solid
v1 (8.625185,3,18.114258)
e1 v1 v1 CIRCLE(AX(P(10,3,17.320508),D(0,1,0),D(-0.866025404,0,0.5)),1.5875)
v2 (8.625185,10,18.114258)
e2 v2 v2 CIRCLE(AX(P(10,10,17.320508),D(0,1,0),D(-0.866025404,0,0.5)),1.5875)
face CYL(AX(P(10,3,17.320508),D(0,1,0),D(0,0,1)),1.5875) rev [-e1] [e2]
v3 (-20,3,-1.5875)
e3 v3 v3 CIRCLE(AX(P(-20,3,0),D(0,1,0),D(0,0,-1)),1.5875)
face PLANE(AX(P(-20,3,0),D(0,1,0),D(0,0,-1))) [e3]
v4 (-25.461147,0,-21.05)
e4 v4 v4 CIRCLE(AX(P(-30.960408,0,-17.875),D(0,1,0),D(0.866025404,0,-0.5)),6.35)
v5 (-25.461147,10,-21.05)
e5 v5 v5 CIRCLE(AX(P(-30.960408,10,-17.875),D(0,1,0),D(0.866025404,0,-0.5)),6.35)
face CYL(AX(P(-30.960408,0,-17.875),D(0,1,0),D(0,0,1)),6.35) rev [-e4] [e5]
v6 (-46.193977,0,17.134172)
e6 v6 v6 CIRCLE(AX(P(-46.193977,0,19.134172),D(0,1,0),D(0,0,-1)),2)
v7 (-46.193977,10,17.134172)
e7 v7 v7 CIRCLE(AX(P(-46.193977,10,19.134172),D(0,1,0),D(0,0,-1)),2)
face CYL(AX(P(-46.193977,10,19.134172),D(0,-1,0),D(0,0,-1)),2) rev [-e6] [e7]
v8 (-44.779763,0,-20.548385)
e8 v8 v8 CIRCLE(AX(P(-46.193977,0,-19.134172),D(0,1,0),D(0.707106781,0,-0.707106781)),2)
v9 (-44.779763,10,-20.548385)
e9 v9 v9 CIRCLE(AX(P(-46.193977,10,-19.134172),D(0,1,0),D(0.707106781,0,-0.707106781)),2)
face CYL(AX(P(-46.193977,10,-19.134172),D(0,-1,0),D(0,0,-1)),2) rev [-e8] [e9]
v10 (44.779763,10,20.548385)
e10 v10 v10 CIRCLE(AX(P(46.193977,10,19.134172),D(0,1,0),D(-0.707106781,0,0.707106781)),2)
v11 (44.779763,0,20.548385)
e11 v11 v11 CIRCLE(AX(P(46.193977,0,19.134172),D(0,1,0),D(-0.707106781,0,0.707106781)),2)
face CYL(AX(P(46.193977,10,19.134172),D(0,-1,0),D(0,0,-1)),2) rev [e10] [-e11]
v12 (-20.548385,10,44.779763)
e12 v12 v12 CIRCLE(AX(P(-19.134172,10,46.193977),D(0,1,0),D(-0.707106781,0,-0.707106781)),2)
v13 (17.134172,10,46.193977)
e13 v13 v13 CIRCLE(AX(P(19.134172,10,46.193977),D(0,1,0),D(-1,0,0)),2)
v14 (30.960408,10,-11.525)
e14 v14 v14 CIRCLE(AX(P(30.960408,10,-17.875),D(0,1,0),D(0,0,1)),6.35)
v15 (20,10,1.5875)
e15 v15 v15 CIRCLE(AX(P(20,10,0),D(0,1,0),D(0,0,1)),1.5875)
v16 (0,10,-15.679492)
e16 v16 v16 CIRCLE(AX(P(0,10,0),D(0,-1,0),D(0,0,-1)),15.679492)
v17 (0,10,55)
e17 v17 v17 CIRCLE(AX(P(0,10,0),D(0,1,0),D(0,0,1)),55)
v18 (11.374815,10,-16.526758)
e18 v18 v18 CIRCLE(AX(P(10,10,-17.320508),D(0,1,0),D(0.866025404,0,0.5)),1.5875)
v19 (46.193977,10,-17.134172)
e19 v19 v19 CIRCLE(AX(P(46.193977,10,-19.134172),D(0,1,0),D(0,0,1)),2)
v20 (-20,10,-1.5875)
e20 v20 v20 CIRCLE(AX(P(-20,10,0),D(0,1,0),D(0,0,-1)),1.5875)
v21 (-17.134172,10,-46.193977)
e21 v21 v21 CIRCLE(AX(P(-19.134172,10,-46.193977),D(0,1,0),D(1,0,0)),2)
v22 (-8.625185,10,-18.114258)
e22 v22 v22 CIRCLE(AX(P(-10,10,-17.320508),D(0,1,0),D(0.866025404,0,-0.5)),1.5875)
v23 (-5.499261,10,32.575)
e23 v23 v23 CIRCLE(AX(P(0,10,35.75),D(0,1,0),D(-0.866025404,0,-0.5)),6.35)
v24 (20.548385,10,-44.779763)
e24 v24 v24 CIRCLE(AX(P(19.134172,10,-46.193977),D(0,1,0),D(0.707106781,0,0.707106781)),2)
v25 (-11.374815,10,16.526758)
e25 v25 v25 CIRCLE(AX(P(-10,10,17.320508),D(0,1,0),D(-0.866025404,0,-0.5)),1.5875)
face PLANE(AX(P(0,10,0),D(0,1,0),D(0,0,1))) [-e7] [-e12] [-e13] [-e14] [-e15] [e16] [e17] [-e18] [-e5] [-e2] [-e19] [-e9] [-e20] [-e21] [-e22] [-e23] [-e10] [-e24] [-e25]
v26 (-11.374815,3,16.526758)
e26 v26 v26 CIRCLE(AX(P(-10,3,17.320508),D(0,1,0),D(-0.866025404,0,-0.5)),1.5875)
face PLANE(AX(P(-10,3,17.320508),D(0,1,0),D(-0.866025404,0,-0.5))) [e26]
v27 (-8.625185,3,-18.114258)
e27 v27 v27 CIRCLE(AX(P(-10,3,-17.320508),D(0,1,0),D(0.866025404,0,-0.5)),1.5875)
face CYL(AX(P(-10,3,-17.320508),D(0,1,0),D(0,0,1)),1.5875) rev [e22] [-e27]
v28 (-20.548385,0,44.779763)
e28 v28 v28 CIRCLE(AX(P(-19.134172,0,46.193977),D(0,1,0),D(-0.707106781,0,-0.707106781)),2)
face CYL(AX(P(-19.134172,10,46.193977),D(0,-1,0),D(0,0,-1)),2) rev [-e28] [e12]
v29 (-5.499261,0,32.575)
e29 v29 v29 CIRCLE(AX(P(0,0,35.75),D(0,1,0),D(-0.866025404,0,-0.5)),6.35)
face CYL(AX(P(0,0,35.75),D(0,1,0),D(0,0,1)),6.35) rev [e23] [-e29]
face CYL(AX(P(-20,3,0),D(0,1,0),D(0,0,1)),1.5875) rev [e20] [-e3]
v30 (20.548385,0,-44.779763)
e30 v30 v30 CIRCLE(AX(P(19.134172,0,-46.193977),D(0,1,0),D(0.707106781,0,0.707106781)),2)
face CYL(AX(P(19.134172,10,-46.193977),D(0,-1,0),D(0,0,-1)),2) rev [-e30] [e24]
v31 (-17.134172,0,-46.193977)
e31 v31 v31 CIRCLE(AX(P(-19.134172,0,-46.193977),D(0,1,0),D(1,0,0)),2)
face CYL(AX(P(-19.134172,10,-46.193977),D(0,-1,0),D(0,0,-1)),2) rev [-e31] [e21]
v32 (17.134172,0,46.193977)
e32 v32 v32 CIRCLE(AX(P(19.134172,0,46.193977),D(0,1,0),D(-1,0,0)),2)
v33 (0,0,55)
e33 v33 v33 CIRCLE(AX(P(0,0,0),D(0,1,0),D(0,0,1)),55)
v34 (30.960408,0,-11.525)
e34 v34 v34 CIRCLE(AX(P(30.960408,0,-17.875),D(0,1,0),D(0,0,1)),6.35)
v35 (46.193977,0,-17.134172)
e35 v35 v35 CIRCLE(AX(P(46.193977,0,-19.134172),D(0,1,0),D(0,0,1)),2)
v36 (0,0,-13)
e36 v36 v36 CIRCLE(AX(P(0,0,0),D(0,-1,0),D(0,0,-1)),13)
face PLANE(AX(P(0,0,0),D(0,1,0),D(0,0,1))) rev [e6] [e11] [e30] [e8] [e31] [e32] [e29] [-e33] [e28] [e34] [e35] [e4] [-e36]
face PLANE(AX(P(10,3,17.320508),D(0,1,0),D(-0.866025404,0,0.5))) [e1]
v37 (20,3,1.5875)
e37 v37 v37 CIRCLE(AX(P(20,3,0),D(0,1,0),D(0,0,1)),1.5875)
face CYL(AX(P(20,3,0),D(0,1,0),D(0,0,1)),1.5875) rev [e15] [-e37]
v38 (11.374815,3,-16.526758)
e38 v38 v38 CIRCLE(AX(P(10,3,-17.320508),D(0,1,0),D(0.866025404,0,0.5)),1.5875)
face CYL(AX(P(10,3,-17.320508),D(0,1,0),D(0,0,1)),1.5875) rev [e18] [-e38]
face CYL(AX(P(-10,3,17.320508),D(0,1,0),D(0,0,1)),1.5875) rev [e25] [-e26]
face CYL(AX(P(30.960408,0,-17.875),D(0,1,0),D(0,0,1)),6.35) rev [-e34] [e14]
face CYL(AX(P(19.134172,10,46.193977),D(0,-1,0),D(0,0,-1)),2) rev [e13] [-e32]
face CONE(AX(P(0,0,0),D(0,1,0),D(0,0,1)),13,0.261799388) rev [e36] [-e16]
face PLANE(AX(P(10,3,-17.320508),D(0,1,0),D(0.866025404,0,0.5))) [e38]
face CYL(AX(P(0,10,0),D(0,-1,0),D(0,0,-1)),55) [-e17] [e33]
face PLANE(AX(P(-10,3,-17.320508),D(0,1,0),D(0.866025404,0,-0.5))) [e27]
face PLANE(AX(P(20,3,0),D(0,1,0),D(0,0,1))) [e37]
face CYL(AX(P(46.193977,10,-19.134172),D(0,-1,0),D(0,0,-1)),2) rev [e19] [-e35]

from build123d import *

# Parameters (mm, degrees)
SKETCH1_R           = 55
BOSS_EXTRUDE1_DEPTH = 10
SKETCH6_R           = 2
CUT_EXTRUDE3_DEPTH  = 79.421935707
CIRPATTERN1_COUNT   = 8
SKETCH7_R           = 6.35
CUT_EXTRUDE4_DEPTH  = 79.421935707
CIRPATTERN2_COUNT   = 3
SKETCH8_R           = 1.5875
CUT_EXTRUDE5_DEPTH  = 7
CIRPATTERN3_COUNT   = 6


with BuildPart() as part:
    # Sketch1 → Boss-Extrude1 (new body)
    with BuildSketch(Plane(origin=(0, 0, 0), x_dir=(1, 0, 0), z_dir=(0, 1, 0))):
        with Locations(Location((0, 0, 0), (0, 0, 270))):
            Circle(SKETCH1_R)
    extrude(amount=BOSS_EXTRUDE1_DEPTH)

    # Sketch5 → Cut-Revolve1 (revolve, cut)
    with BuildSketch(Plane.XY, mode=Mode.PRIVATE) as cut_revolve1_sk:
        Polygon((0, 0), (0, 10), (15.679491924, 10), (13, 0), align=None)
    revolve(cut_revolve1_sk.sketch.rotate(Axis((0, 0, 0), (0, 1, 0)), 90), axis=Axis((0, 0, 0), (0, 1, 0)), mode=Mode.SUBTRACT)

    # Sketch6 → Cut-Extrude3 (cut, through all)
    with BuildSketch(Plane(origin=(0, 0, 0), x_dir=(1, 0, 0), z_dir=(0, 1, 0))):
        with Locations(Location((46.193976626, 19.134171618, 0), (0, 0, 270))):
            Circle(SKETCH6_R)
    cut_extrude3 = extrude(amount=CUT_EXTRUDE3_DEPTH, mode=Mode.SUBTRACT)

    # CirPattern1: Cut-Extrude3 ×8 about axis
    cirpattern1_axis = Axis((0, 0, 0), (0, 1, 0))
    for i in range(1, CIRPATTERN1_COUNT):
        add(cut_extrude3.rotate(cirpattern1_axis, i * 360 / CIRPATTERN1_COUNT), mode=Mode.SUBTRACT)

    # Sketch7 → Cut-Extrude4 (cut, through all)
    with BuildSketch(Plane(origin=(0, 10, 0), x_dir=(1, 0, 0), z_dir=(0, 1, 0))):
        with Locations(Location((30.960408185, 17.875, 0), (0, 0, 270))):
            Circle(SKETCH7_R)
    cut_extrude4 = extrude(amount=-CUT_EXTRUDE4_DEPTH, mode=Mode.SUBTRACT)

    # CirPattern2: Cut-Extrude4 ×3 about axis
    cirpattern2_axis = Axis((0, 0, 0), (0, 1, 0))
    for i in range(1, CIRPATTERN2_COUNT):
        add(cut_extrude4.rotate(cirpattern2_axis, i * 360 / CIRPATTERN2_COUNT), mode=Mode.SUBTRACT)

    # Sketch8 → Cut-Extrude5 (cut)
    with BuildSketch(Plane(origin=(0, 10, 0), x_dir=(1, 0, 0), z_dir=(0, 1, 0))):
        with Locations(Location((20, 0, 0), (0, 0, 270))):
            Circle(SKETCH8_R)
    cut_extrude5 = extrude(amount=-CUT_EXTRUDE5_DEPTH, mode=Mode.SUBTRACT)

    # CirPattern3: Cut-Extrude5 ×6 about axis
    cirpattern3_axis = Axis((0, 0, 0), (0, 1, 0))
    for i in range(1, CIRPATTERN3_COUNT):
        add(cut_extrude5.rotate(cirpattern3_axis, i * 360 / CIRPATTERN3_COUNT), mode=Mode.SUBTRACT)


solid = part.part
